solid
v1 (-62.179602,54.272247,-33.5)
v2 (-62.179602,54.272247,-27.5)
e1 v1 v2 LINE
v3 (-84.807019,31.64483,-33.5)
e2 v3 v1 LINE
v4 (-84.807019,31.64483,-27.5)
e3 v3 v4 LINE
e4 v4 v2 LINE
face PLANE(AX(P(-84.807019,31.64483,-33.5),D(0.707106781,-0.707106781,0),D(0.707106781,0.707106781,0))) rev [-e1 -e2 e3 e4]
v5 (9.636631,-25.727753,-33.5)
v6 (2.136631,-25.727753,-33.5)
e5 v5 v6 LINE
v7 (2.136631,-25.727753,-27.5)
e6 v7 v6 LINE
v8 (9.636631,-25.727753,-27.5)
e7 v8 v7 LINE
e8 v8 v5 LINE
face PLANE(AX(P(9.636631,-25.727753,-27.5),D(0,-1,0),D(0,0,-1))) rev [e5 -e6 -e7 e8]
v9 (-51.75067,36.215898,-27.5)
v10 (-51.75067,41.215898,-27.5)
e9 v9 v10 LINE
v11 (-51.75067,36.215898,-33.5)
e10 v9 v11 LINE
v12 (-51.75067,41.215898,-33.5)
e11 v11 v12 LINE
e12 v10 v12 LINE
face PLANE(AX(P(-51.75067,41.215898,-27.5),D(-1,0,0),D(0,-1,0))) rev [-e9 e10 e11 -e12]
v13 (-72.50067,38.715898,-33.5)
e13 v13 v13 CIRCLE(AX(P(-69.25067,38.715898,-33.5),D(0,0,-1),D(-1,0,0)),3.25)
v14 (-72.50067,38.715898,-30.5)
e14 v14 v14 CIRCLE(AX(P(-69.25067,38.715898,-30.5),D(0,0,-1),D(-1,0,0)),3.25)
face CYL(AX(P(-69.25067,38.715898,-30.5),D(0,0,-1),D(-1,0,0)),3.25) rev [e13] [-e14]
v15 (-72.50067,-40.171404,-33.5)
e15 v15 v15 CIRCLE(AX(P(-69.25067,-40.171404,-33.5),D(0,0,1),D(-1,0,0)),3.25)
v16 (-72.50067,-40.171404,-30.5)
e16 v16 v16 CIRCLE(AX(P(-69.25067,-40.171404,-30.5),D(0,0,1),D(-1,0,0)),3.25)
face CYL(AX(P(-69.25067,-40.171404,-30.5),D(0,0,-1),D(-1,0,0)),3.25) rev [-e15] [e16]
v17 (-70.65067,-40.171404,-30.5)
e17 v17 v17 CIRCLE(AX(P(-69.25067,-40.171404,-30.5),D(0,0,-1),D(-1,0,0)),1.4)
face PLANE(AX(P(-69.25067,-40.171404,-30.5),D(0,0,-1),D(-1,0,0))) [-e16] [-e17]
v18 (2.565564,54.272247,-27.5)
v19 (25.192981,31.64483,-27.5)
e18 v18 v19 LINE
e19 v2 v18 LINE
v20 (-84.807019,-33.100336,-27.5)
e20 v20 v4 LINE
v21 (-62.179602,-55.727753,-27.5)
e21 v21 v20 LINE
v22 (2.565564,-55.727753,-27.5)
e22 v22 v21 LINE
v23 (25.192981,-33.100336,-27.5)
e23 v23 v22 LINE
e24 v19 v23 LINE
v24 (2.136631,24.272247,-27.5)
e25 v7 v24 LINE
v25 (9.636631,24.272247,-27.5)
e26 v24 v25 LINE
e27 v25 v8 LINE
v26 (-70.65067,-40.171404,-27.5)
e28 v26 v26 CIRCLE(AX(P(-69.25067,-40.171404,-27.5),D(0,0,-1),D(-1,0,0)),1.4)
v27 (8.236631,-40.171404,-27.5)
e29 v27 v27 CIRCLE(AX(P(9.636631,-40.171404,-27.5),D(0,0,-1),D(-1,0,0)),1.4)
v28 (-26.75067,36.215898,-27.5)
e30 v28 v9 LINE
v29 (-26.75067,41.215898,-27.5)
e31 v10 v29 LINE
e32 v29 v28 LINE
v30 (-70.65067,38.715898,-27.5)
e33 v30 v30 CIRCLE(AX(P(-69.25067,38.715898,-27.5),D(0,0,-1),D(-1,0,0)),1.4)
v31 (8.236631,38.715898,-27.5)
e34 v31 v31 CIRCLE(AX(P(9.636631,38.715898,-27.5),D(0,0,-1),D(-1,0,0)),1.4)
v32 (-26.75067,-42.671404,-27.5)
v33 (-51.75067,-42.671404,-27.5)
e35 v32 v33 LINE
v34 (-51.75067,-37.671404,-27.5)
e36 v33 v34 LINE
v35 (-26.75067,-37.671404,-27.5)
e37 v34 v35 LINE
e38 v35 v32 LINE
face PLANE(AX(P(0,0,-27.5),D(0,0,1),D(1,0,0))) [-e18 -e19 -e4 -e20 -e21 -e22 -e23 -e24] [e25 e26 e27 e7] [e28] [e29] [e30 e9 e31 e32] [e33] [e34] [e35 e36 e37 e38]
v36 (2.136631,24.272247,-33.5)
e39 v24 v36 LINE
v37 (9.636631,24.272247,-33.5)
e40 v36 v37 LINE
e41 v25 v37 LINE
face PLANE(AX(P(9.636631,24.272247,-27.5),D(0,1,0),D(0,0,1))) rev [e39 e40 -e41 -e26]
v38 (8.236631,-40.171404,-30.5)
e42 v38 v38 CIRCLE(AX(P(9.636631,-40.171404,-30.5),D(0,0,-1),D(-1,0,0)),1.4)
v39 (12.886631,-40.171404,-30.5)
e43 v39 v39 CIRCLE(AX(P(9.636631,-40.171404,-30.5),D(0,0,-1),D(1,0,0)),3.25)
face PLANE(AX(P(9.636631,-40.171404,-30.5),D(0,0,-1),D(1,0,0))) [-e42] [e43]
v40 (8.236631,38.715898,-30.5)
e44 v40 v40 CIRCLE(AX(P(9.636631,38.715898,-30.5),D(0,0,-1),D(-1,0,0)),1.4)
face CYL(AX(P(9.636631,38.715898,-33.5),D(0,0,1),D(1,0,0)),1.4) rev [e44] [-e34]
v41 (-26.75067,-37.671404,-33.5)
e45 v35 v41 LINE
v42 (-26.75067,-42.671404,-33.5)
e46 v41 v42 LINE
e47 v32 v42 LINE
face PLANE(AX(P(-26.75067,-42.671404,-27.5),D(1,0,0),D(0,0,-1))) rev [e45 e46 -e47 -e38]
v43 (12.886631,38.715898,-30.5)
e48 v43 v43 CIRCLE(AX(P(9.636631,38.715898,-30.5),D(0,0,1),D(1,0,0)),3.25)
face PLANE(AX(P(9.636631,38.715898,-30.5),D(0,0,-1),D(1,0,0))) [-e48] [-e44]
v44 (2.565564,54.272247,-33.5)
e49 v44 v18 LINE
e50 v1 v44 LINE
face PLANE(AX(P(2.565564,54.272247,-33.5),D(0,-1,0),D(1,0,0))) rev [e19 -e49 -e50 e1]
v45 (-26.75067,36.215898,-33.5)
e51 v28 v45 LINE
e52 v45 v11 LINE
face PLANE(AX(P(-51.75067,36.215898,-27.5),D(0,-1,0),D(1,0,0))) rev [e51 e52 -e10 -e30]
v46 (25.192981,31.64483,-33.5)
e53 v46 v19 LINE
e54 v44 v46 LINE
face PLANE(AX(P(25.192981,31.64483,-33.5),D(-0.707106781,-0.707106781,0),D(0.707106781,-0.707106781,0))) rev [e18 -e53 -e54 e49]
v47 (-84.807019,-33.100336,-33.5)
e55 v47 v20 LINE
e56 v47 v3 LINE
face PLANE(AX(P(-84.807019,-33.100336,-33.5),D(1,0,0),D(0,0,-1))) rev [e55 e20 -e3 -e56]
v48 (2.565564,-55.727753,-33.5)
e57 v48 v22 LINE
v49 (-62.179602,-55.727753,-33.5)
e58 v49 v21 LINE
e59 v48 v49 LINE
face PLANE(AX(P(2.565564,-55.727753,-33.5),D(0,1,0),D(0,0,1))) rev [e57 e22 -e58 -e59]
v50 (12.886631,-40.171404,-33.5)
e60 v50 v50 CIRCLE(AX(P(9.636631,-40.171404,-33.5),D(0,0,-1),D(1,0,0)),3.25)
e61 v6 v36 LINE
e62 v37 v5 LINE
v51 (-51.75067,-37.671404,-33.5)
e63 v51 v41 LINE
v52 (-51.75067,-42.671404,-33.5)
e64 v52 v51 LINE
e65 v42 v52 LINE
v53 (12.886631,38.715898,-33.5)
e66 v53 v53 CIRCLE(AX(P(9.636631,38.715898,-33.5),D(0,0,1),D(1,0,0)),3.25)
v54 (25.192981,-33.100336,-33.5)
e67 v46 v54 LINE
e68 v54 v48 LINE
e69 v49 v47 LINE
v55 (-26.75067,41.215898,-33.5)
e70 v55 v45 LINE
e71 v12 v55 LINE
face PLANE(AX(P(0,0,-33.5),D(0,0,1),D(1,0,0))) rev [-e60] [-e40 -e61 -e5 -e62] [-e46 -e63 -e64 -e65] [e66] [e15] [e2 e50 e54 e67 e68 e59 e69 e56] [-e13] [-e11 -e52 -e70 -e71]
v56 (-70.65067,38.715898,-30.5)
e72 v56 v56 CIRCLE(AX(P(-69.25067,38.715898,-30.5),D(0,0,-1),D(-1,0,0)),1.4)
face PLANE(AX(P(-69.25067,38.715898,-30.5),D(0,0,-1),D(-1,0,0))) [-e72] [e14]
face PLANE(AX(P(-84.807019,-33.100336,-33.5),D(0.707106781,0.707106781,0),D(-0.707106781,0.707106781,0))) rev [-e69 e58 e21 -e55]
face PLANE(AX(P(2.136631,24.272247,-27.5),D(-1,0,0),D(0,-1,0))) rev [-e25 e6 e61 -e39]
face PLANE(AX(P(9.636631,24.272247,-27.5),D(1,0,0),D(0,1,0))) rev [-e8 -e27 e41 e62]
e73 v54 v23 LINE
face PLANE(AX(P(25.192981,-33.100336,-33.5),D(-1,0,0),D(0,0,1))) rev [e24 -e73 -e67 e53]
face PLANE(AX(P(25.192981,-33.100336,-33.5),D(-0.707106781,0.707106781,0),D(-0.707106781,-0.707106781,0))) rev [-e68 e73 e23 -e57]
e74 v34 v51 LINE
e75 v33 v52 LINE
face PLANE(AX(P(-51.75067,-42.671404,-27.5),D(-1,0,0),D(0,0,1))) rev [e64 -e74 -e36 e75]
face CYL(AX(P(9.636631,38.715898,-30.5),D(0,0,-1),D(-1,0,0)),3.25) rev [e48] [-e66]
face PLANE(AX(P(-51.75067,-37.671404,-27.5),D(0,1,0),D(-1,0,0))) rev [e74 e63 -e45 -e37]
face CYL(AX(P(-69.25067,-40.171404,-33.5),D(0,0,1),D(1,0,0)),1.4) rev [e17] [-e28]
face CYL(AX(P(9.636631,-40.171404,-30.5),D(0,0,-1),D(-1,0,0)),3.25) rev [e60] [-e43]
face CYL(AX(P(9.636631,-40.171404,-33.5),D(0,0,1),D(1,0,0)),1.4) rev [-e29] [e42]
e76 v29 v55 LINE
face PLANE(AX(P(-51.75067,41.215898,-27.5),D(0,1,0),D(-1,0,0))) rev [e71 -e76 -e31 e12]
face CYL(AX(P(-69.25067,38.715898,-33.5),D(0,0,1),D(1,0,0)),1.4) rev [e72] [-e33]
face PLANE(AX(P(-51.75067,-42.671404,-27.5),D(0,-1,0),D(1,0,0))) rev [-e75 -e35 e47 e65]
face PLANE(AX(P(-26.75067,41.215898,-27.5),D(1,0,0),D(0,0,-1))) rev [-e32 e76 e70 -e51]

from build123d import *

# Parameters (mm, degrees)
ESQUISSE1_R                                = 1.4
BOSS_EXTRU_1_DEPTH                         = 6
ESQUISSE2_R                                = 3.25
ENL_V_MAT_EXTRU_1_DEPTH                    = 3
SYM_TRIE3_AT_THE_SECOND_PLANE_COPY_1_SKE_R = 3.25
SYM_TRIE3_AT_THE_SECOND_PLANE_COPY_1_DEPTH = 3
ESQUISSE4_W                                = 25
ESQUISSE4_H                                = 5
ESQUISSE4_W_2                              = 7.5
ESQUISSE4_H_2                              = 50
ENL_V_MAT_EXTRU_2_DEPTH                    = 102.655363655


with BuildPart() as part:
    # Esquisse1 → Boss.-Extru.1 (new body)
    with BuildSketch(Plane(origin=(0, 0, -27.5), x_dir=(-1, 0, 0), z_dir=(0, 0, -1))):
        Polygon((-2.565563678, -55.727752809), (62.179602326, -55.727752809), (84.807019324, -33.100335811), (84.807019324, 31.644830193), (62.179602326, 54.272247191), (-2.565563678, 54.272247191), (-25.192980676, 31.644830193), (-25.192980676, -33.100335811), align=None)
        with Locations((-9.63663149, 38.715898005)):
            Circle(ESQUISSE1_R, mode=Mode.SUBTRACT)
        with Locations((69.250670138, 38.715898005)):
            Circle(ESQUISSE1_R, mode=Mode.SUBTRACT)
        with Locations((69.250670138, -40.171403623)):
            Circle(ESQUISSE1_R, mode=Mode.SUBTRACT)
        with Locations((-9.63663149, -40.171403623)):
            Circle(ESQUISSE1_R, mode=Mode.SUBTRACT)
    extrude(amount=BOSS_EXTRU_1_DEPTH)

    # Esquisse2 → Enlèv. mat.-Extru.1 (cut)
    with BuildSketch(Plane(origin=(0, 0, -33.5), x_dir=(-1, 0, 0), z_dir=(0, 0, -1))):
        with Locations((69.250670138, 38.715898005)):
            Circle(ESQUISSE2_R)
    enl_v_mat_extru_1 = extrude(amount=-ENL_V_MAT_EXTRU_1_DEPTH, mode=Mode.SUBTRACT)

    # Symétrie3: Enlèv. mat.-Extru.1 across plane
    add(enl_v_mat_extru_1.mirror(Plane(origin=(-29.807019324, 0, 0), x_dir=(0, 0, 1), z_dir=(1, 0, 0))), mode=Mode.SUBTRACT)

    # Symétrie3 at the second plane: Enlèv. mat.-Extru.1 across plane
    add(enl_v_mat_extru_1.mirror(Plane(origin=(0, -0.727752809, 0), x_dir=(0, 0, 1), z_dir=(0, -1, 0))), mode=Mode.SUBTRACT)

    # Symétrie3 at the second plane copy 1 ske → Symétrie3 at the second plane copy 1 (cut)
    with BuildSketch(Plane(origin=(-59.614038648, -1.455505618, -33.5), x_dir=(1, 0, 0), z_dir=(0, 0, -1))):
        with Locations((69.250670138, 38.715898005)):
            Circle(SYM_TRIE3_AT_THE_SECOND_PLANE_COPY_1_SKE_R)
    extrude(amount=-SYM_TRIE3_AT_THE_SECOND_PLANE_COPY_1_DEPTH, mode=Mode.SUBTRACT)

    # Esquisse4 → Enlèv. mat.-Extru.2 (cut, through all)
    with BuildSketch(Plane(origin=(0, 0, -33.5), x_dir=(-1, 0, 0), z_dir=(0, 0, -1))):
        with Locations((39.250670138, -40.171403623)):
            Rectangle(ESQUISSE4_W, ESQUISSE4_H)
        with Locations((39.250670138, 38.715898005)):
            Rectangle(ESQUISSE4_W, ESQUISSE4_H)
        with Locations((-5.88663149, -0.727752809)):
            Rectangle(ESQUISSE4_W_2, ESQUISSE4_H_2)
    extrude(amount=-ENL_V_MAT_EXTRU_2_DEPTH, mode=Mode.SUBTRACT)


solid = part.part
